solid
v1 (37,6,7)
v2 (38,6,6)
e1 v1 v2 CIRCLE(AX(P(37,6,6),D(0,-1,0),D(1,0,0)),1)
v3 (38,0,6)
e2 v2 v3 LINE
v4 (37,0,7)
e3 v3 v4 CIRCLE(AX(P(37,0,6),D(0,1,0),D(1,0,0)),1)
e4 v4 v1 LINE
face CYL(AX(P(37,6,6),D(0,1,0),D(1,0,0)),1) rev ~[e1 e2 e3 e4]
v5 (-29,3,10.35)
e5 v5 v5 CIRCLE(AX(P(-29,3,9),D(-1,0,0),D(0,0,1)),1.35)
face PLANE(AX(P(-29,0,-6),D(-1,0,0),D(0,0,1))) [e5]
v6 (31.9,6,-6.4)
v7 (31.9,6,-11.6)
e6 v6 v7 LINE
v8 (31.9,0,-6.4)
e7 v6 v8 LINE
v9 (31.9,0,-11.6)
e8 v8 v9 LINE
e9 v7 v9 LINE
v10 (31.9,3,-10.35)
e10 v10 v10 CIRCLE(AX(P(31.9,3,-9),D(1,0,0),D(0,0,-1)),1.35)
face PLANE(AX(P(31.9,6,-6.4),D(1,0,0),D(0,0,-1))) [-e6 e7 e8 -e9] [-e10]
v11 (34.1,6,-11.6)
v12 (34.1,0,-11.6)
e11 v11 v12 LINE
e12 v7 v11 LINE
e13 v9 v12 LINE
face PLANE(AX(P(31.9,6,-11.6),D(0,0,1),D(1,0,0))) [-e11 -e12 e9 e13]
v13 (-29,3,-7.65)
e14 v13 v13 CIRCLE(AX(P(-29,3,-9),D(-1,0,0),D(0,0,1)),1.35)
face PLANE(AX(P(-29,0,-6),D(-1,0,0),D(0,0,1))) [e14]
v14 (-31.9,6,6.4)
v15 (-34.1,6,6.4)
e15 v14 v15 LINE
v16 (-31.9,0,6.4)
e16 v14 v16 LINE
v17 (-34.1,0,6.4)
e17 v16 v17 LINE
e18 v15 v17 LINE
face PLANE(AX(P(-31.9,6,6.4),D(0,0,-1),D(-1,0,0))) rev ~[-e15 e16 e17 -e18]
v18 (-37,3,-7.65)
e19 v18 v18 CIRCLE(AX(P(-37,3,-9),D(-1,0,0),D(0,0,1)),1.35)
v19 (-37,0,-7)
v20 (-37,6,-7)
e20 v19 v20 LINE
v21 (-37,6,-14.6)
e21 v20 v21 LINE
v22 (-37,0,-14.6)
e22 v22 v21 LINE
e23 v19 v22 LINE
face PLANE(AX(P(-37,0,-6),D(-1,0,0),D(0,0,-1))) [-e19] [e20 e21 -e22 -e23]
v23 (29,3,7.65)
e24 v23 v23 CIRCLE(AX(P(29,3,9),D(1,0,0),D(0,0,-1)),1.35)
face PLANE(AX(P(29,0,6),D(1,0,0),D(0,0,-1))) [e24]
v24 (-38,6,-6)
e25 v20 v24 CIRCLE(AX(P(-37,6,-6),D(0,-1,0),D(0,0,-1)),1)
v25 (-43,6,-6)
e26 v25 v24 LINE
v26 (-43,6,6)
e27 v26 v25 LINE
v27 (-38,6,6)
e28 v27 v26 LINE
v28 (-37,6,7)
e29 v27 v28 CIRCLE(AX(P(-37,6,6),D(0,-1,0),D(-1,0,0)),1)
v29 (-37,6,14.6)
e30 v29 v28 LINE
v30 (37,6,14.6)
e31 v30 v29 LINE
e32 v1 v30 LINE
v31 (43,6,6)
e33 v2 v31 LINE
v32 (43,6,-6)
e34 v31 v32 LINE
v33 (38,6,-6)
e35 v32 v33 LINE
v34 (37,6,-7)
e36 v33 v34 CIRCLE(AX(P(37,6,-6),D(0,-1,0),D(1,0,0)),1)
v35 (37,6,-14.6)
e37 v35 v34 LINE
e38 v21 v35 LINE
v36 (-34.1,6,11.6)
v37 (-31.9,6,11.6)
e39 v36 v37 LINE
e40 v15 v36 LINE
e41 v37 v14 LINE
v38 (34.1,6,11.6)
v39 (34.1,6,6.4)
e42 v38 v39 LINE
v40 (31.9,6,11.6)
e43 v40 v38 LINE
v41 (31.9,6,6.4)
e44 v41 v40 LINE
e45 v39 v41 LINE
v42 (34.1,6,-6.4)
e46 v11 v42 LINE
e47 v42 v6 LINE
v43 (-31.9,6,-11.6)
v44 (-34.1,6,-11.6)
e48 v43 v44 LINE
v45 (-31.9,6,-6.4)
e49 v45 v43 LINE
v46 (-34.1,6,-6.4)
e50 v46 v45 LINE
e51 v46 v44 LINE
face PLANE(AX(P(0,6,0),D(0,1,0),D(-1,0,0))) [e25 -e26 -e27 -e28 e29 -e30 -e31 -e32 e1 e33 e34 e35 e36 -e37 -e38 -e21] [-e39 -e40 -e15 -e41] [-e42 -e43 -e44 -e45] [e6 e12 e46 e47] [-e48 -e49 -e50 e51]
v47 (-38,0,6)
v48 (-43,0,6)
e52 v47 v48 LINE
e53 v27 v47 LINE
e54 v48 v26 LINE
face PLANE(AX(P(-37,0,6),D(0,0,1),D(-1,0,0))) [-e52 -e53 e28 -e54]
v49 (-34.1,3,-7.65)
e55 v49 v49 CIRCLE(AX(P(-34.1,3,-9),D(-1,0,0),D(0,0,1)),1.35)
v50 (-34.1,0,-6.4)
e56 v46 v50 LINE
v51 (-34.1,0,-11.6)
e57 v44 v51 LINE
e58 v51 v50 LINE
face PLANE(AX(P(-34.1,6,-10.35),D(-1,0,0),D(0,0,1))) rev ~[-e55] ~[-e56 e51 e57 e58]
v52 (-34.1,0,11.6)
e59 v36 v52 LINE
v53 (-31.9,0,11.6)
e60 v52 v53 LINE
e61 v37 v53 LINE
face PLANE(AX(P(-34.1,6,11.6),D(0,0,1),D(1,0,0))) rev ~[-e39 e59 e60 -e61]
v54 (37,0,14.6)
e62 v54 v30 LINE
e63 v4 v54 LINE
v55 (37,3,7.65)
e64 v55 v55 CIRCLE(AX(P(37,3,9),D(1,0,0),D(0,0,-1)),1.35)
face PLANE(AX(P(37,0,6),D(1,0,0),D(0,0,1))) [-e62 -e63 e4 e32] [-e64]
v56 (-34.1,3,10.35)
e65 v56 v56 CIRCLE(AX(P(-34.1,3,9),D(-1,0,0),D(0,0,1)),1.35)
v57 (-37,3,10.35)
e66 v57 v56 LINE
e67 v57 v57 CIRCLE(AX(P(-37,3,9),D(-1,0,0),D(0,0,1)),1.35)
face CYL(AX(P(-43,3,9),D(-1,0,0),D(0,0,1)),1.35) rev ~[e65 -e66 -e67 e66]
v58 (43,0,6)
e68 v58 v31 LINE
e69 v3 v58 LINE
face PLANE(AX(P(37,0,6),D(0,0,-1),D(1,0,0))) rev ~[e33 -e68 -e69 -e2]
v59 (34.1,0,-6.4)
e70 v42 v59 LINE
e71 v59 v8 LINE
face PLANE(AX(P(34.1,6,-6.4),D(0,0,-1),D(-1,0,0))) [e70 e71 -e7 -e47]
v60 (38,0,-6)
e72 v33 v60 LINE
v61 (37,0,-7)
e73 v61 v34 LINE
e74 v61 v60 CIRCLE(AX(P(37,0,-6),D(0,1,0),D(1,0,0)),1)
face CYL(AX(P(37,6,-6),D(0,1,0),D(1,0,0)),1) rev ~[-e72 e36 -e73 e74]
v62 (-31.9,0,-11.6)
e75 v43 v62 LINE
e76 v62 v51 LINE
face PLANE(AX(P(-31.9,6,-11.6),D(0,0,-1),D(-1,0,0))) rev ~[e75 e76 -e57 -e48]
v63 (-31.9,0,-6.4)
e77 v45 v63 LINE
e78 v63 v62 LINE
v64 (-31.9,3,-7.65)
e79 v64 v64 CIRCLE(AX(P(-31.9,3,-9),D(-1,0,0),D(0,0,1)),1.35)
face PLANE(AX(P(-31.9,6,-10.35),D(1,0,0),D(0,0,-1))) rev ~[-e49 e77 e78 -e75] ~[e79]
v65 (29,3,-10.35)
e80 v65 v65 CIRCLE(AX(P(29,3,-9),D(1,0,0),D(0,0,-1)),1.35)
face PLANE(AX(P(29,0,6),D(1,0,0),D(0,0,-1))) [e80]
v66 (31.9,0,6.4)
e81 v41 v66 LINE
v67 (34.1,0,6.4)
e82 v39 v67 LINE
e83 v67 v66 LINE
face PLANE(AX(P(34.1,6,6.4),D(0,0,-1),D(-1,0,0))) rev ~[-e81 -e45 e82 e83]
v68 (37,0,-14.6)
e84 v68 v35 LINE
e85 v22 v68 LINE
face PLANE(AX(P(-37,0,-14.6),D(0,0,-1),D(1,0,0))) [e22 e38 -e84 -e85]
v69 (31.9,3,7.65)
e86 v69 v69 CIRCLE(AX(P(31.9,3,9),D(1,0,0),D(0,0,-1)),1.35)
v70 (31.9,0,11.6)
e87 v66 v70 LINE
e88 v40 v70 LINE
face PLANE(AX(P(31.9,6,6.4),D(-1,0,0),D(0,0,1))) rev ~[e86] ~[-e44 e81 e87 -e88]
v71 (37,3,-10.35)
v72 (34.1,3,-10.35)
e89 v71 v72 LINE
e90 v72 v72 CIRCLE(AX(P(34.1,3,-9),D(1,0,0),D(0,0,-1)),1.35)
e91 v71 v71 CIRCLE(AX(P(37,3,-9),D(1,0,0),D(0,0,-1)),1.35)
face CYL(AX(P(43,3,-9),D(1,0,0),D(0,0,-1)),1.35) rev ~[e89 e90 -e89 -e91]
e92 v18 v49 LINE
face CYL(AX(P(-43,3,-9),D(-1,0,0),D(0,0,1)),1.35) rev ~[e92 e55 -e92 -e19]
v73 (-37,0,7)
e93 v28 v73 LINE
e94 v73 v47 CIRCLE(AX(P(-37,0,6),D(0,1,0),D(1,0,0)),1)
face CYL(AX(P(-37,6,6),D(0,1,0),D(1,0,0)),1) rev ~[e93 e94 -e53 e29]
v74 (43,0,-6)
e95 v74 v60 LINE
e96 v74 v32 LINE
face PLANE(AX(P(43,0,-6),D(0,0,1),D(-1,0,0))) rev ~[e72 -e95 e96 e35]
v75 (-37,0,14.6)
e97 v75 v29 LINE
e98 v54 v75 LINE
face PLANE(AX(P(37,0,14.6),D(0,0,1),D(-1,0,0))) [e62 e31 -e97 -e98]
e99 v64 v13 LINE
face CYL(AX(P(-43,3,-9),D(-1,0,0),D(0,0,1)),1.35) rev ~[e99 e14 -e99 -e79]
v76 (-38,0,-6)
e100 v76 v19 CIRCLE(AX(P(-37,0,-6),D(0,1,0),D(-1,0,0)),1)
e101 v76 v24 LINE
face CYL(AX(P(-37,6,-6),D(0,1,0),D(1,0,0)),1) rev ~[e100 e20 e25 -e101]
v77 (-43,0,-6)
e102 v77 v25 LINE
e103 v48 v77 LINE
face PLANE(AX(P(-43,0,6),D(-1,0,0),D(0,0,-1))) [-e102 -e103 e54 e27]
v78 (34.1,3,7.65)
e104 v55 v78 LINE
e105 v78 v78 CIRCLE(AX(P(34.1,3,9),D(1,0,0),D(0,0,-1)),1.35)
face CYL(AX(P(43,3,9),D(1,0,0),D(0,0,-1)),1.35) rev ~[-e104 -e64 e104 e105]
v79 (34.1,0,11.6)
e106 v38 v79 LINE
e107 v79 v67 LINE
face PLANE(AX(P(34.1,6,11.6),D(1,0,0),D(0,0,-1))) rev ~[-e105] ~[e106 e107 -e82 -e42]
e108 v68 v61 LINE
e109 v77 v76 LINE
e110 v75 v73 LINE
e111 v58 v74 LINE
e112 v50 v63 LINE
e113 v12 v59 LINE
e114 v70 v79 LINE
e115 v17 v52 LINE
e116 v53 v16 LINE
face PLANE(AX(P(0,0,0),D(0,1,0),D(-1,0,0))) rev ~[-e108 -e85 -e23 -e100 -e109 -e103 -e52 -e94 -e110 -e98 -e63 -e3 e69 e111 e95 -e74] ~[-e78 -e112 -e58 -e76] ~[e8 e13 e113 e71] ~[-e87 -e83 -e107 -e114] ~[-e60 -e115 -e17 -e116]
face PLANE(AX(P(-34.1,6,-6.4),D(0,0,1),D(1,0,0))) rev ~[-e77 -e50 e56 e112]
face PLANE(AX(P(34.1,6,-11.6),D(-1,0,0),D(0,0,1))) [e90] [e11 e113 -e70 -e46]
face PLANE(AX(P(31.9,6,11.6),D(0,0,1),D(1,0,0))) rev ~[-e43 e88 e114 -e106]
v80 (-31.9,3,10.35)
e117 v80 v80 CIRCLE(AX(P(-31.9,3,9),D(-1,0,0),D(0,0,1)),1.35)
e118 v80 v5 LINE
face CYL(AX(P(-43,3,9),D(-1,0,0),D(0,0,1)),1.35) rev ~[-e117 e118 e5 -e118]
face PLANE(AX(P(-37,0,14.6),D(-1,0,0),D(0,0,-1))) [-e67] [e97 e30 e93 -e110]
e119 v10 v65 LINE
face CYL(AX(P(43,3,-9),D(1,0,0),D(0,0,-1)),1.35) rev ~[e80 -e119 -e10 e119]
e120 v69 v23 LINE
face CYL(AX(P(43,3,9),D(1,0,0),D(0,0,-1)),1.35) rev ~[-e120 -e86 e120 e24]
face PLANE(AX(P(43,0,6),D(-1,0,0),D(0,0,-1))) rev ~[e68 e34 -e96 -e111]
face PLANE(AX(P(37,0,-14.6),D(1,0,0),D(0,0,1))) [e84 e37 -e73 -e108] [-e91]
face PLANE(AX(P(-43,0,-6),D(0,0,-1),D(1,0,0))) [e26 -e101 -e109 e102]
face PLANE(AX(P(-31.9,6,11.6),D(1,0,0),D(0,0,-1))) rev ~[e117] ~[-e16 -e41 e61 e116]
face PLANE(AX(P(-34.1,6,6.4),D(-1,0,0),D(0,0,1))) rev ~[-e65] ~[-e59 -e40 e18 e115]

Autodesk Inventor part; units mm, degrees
ref_plane "우측면도" through (0, 0, 0) normal (1, 0, 0) x (0, 1, 0)
ref_plane "평면도" through (0, 0, 0) normal (0, 1, 0) x (-1, 0, 0)
ref_plane "정면도" through (0, 0, 0) normal (0, 0, 1) x (1, 0, 0)
sketch "스케치1" plane through (0, 0, 0) normal (0, 1, 0) x (-1, 0, 0)
  line L0 (-37, 14.6) -> (37, 14.6)
  line L1 (37, 14.6) -> (37, -14.6)
  line L2 (37, -14.6) -> (-37, -14.6)
  line L3 (-37, -14.6) -> (-37, 14.6)
  line L4 (-37, 14.6) -> (37, -14.6) construction
  line L5 (37, 14.6) -> (-37, -14.6) construction
  line L6 (37, 6) -> (43, 6)
  line L7 (43, 6) -> (43, -6)
  line L8 (43, -6) -> (37, -6)
  line L9 (37, -6) -> (37, 6)
  line L10 (-37, 6) -> (-43, 6)
  line L11 (-43, 6) -> (-43, -6)
  line L12 (-43, -6) -> (-37, -6)
  line L13 (-37, -6) -> (-37, 6)
  point P0 (0, 0)
  dimension "d0" = 74
  dimension "d1" = 29.2
  dimension "d2" = 6
  dimension "d3" = 12
  dimension "d4" = 6
  dimension "d5" = 12
extrude "돌출1" add sketch "스케치1" along normal blind 6
sketch "스케치2" plane through (43, 0, 6) normal (1, 0, 0) x (0, 0, -1)
  line L0 (12, 0) -> (20.6, 0) projected
  line L1 (20.6, 0) -> (20.6, 6) projected
  line L2 (12, 6) -> (20.6, 6) projected
  line L3 (12, 0) -> (12, 6) projected
  line L4 (-8.6, 0) -> (0, 0) projected
  line L5 (0, 0) -> (0, 6) projected
  line L6 (-8.6, 6) -> (0, 6) projected
  line L7 (-8.6, 0) -> (-8.6, 6) projected
  circle A0 centre (15, 3) radius 1.35
  circle A1 centre (-3, 3) radius 1.35
  point P0 (6, 0)
  dimension "d8" = 2.7
  dimension "d9" = 2.7
extrude "돌출2" cut sketch "스케치2" against normal blind 14 contours A0 | A1
sketch "스케치3" plane through (-43, 0, -6) normal (-1, 0, 0) x (0, 0, 1)
  line L0 (12, 0) -> (20.6, 0) projected
  line L1 (20.6, 0) -> (20.6, 6) projected
  line L2 (12, 6) -> (20.6, 6) projected
  line L3 (12, 0) -> (12, 6) projected
  circle A0 centre (-3, 3) radius 1.35 projected
  line L4 (-8.6, 0) -> (0, 0) projected
  line L5 (0, 0) -> (0, 6) projected
  line L6 (-8.6, 6) -> (0, 6) projected
  line L7 (-8.6, 0) -> (-8.6, 6) projected
  circle A1 centre (15, 3) radius 1.35 projected
  circle A2 centre (-3, 3) radius 1.35
  circle A3 centre (15, 3) radius 1.35
  point P0 (6, 0)
extrude "돌출3" cut sketch "스케치3" against normal blind 14 contours A0 | A1
sketch "스케치4" plane through (0, 6, 0) normal (0, 1, 0) x (1, 0, 0)
  line L0 (37, -14.6) -> (37, -6) projected
  line L1 (37, -6) -> (43, -6) projected
  line L2 (43, -6) -> (43, 6) projected
  line L3 (43, 6) -> (37, 6) projected
  line L4 (37, 6) -> (37, 14.6) projected
  line L5 (37, 14.6) -> (-37, 14.6) projected
  line L6 (-37, 14.6) -> (-37, 6) projected
  line L7 (-37, 6) -> (-43, 6) projected
  line L8 (-43, 6) -> (-43, -6) projected
  line L9 (-43, -6) -> (-37, -6) projected
  line L10 (-37, -6) -> (-37, -14.6) projected
  line L11 (-37, -14.6) -> (37, -14.6) projected
  line L12 (-37, 10.35) -> (-29, 10.35) projected
  line L13 (-37, 7.65) -> (-29, 7.65) projected
  line L14 (-33, 10.35) -> (-33, 7.65)
  line L15 (-34.1, 6.4) -> (-31.9, 6.4)
  line L16 (-31.9, 6.4) -> (-31.9, 11.6)
  line L17 (-31.9, 11.6) -> (-34.1, 11.6)
  line L18 (-34.1, 11.6) -> (-34.1, 6.4)
  line L19 (-34.1, 6.4) -> (-31.9, 11.6) construction
  line L20 (-31.9, 6.4) -> (-34.1, 11.6) construction
  line L21 (34.1, 6.4) -> (31.9, 6.4)
  line L22 (31.9, 6.4) -> (31.9, 11.6)
  line L23 (31.9, 11.6) -> (34.1, 11.6)
  line L24 (34.1, 11.6) -> (34.1, 6.4)
  line L25 (34.1, 6.4) -> (31.9, 11.6) construction
  line L26 (31.9, 6.4) -> (34.1, 11.6) construction
  line L27 (31.9, -11.6) -> (34.1, -11.6)
  line L28 (34.1, -11.6) -> (34.1, -6.4)
  line L29 (34.1, -6.4) -> (31.9, -6.4)
  line L30 (31.9, -6.4) -> (31.9, -11.6)
  line L31 (31.9, -11.6) -> (34.1, -6.4) construction
  line L32 (34.1, -11.6) -> (31.9, -6.4) construction
  line L33 (-34.1, -11.6) -> (-31.9, -11.6)
  line L34 (-31.9, -11.6) -> (-31.9, -6.4)
  line L35 (-31.9, -6.4) -> (-34.1, -6.4)
  line L36 (-34.1, -6.4) -> (-34.1, -11.6)
  line L37 (-34.1, -11.6) -> (-31.9, -6.4) construction
  line L38 (-31.9, -11.6) -> (-34.1, -6.4) construction
  point P0 (0, 0)
  point P1 (-33, 9)
  point P2 (33, 9)
  point P3 (33, -9)
  point P4 (-33, -9)
  dimension "d14" = 2.2
  dimension "d15" = 5.2
  dimension "d16" = 2.2
  dimension "d17" = 5.2
  dimension "d18" = 2.2
  dimension "d19" = 5.2
  dimension "d20" = 2.2
  dimension "d21" = 5.2
extrude "돌출4" cut sketch "스케치4" against normal blind 14 contours L18 L12 L14 L13 | L13 L16 L15 L18 | L18 L17 L16 L12 | L14 L12 L16 L13 | L21 L22 L23 L24 | L30 L29 L28 L27 | L36 L35 L34 L33
sketch "스케치5" plane through (0, 6, 0) normal (0, 1, 0) x (1, 0, 0)
  line L0 (31.9, 6.4) -> (31.9, 11.6) projected
  line L1 (31.9, 11.6) -> (34.1, 11.6) projected
  line L2 (34.1, 11.6) -> (34.1, 6.4) projected
  line L3 (34.1, 6.4) -> (31.9, 6.4) projected
  line L4 (-34.1, -6.4) -> (-31.9, -6.4) projected
  line L5 (-31.9, -6.4) -> (-31.9, -11.6) projected
  line L6 (-31.9, -11.6) -> (-34.1, -11.6) projected
  line L7 (-34.1, -11.6) -> (-34.1, -6.4) projected
  line L8 (31.9, -6.4) -> (34.1, -6.4) projected
  line L9 (34.1, -6.4) -> (34.1, -11.6) projected
  line L10 (34.1, -11.6) -> (31.9, -11.6) projected
  line L11 (31.9, -11.6) -> (31.9, -6.4) projected
  line L12 (-34.1, 6.4) -> (-34.1, 11.6) projected
  line L13 (-34.1, 11.6) -> (-31.9, 11.6) projected
  line L14 (-31.9, 11.6) -> (-31.9, 6.4) projected
  line L15 (-31.9, 6.4) -> (-34.1, 6.4) projected
  line L16 (37, -14.6) -> (37, -6) projected
  line L17 (37, -6) -> (43, -6) projected
  line L18 (43, -6) -> (43, 6) projected
  line L19 (43, 6) -> (37, 6) projected
  line L20 (37, 6) -> (37, 14.6) projected
  line L21 (37, 14.6) -> (-37, 14.6) projected
  line L22 (-37, 14.6) -> (-37, 6) projected
  line L23 (-37, 6) -> (-43, 6) projected
  line L24 (-43, 6) -> (-43, -6) projected
  line L25 (-43, -6) -> (-37, -6) projected
  line L26 (-37, -6) -> (-37, -14.6) projected
  line L27 (-37, -14.6) -> (37, -14.6) projected
  circle A0 centre (-37, -6) radius 1
  circle A1 centre (-37, 6) radius 1
  circle A2 centre (37, -6) radius 1
  circle A3 centre (37, 6) radius 1
  point P0 (0, 0)
  point P1 (-37, -7)
  point P2 (-38, -6)
  dimension "d24" = 2
  dimension "d25" = 2
  dimension "d26" = 2
  dimension "d27" = 2
extrude "돌출5" cut sketch "스케치5" against normal through all contours A2 L17 L16 | L16 L17 A2 | L26 L25 A0 | A3 L20 L19 | L19 L20 A3 | A1 L22 L23 | L23 L22 A1 picked at (-37.657, -5.9202)
properties part number "body front connection" material "PMMA 플라스틱"
